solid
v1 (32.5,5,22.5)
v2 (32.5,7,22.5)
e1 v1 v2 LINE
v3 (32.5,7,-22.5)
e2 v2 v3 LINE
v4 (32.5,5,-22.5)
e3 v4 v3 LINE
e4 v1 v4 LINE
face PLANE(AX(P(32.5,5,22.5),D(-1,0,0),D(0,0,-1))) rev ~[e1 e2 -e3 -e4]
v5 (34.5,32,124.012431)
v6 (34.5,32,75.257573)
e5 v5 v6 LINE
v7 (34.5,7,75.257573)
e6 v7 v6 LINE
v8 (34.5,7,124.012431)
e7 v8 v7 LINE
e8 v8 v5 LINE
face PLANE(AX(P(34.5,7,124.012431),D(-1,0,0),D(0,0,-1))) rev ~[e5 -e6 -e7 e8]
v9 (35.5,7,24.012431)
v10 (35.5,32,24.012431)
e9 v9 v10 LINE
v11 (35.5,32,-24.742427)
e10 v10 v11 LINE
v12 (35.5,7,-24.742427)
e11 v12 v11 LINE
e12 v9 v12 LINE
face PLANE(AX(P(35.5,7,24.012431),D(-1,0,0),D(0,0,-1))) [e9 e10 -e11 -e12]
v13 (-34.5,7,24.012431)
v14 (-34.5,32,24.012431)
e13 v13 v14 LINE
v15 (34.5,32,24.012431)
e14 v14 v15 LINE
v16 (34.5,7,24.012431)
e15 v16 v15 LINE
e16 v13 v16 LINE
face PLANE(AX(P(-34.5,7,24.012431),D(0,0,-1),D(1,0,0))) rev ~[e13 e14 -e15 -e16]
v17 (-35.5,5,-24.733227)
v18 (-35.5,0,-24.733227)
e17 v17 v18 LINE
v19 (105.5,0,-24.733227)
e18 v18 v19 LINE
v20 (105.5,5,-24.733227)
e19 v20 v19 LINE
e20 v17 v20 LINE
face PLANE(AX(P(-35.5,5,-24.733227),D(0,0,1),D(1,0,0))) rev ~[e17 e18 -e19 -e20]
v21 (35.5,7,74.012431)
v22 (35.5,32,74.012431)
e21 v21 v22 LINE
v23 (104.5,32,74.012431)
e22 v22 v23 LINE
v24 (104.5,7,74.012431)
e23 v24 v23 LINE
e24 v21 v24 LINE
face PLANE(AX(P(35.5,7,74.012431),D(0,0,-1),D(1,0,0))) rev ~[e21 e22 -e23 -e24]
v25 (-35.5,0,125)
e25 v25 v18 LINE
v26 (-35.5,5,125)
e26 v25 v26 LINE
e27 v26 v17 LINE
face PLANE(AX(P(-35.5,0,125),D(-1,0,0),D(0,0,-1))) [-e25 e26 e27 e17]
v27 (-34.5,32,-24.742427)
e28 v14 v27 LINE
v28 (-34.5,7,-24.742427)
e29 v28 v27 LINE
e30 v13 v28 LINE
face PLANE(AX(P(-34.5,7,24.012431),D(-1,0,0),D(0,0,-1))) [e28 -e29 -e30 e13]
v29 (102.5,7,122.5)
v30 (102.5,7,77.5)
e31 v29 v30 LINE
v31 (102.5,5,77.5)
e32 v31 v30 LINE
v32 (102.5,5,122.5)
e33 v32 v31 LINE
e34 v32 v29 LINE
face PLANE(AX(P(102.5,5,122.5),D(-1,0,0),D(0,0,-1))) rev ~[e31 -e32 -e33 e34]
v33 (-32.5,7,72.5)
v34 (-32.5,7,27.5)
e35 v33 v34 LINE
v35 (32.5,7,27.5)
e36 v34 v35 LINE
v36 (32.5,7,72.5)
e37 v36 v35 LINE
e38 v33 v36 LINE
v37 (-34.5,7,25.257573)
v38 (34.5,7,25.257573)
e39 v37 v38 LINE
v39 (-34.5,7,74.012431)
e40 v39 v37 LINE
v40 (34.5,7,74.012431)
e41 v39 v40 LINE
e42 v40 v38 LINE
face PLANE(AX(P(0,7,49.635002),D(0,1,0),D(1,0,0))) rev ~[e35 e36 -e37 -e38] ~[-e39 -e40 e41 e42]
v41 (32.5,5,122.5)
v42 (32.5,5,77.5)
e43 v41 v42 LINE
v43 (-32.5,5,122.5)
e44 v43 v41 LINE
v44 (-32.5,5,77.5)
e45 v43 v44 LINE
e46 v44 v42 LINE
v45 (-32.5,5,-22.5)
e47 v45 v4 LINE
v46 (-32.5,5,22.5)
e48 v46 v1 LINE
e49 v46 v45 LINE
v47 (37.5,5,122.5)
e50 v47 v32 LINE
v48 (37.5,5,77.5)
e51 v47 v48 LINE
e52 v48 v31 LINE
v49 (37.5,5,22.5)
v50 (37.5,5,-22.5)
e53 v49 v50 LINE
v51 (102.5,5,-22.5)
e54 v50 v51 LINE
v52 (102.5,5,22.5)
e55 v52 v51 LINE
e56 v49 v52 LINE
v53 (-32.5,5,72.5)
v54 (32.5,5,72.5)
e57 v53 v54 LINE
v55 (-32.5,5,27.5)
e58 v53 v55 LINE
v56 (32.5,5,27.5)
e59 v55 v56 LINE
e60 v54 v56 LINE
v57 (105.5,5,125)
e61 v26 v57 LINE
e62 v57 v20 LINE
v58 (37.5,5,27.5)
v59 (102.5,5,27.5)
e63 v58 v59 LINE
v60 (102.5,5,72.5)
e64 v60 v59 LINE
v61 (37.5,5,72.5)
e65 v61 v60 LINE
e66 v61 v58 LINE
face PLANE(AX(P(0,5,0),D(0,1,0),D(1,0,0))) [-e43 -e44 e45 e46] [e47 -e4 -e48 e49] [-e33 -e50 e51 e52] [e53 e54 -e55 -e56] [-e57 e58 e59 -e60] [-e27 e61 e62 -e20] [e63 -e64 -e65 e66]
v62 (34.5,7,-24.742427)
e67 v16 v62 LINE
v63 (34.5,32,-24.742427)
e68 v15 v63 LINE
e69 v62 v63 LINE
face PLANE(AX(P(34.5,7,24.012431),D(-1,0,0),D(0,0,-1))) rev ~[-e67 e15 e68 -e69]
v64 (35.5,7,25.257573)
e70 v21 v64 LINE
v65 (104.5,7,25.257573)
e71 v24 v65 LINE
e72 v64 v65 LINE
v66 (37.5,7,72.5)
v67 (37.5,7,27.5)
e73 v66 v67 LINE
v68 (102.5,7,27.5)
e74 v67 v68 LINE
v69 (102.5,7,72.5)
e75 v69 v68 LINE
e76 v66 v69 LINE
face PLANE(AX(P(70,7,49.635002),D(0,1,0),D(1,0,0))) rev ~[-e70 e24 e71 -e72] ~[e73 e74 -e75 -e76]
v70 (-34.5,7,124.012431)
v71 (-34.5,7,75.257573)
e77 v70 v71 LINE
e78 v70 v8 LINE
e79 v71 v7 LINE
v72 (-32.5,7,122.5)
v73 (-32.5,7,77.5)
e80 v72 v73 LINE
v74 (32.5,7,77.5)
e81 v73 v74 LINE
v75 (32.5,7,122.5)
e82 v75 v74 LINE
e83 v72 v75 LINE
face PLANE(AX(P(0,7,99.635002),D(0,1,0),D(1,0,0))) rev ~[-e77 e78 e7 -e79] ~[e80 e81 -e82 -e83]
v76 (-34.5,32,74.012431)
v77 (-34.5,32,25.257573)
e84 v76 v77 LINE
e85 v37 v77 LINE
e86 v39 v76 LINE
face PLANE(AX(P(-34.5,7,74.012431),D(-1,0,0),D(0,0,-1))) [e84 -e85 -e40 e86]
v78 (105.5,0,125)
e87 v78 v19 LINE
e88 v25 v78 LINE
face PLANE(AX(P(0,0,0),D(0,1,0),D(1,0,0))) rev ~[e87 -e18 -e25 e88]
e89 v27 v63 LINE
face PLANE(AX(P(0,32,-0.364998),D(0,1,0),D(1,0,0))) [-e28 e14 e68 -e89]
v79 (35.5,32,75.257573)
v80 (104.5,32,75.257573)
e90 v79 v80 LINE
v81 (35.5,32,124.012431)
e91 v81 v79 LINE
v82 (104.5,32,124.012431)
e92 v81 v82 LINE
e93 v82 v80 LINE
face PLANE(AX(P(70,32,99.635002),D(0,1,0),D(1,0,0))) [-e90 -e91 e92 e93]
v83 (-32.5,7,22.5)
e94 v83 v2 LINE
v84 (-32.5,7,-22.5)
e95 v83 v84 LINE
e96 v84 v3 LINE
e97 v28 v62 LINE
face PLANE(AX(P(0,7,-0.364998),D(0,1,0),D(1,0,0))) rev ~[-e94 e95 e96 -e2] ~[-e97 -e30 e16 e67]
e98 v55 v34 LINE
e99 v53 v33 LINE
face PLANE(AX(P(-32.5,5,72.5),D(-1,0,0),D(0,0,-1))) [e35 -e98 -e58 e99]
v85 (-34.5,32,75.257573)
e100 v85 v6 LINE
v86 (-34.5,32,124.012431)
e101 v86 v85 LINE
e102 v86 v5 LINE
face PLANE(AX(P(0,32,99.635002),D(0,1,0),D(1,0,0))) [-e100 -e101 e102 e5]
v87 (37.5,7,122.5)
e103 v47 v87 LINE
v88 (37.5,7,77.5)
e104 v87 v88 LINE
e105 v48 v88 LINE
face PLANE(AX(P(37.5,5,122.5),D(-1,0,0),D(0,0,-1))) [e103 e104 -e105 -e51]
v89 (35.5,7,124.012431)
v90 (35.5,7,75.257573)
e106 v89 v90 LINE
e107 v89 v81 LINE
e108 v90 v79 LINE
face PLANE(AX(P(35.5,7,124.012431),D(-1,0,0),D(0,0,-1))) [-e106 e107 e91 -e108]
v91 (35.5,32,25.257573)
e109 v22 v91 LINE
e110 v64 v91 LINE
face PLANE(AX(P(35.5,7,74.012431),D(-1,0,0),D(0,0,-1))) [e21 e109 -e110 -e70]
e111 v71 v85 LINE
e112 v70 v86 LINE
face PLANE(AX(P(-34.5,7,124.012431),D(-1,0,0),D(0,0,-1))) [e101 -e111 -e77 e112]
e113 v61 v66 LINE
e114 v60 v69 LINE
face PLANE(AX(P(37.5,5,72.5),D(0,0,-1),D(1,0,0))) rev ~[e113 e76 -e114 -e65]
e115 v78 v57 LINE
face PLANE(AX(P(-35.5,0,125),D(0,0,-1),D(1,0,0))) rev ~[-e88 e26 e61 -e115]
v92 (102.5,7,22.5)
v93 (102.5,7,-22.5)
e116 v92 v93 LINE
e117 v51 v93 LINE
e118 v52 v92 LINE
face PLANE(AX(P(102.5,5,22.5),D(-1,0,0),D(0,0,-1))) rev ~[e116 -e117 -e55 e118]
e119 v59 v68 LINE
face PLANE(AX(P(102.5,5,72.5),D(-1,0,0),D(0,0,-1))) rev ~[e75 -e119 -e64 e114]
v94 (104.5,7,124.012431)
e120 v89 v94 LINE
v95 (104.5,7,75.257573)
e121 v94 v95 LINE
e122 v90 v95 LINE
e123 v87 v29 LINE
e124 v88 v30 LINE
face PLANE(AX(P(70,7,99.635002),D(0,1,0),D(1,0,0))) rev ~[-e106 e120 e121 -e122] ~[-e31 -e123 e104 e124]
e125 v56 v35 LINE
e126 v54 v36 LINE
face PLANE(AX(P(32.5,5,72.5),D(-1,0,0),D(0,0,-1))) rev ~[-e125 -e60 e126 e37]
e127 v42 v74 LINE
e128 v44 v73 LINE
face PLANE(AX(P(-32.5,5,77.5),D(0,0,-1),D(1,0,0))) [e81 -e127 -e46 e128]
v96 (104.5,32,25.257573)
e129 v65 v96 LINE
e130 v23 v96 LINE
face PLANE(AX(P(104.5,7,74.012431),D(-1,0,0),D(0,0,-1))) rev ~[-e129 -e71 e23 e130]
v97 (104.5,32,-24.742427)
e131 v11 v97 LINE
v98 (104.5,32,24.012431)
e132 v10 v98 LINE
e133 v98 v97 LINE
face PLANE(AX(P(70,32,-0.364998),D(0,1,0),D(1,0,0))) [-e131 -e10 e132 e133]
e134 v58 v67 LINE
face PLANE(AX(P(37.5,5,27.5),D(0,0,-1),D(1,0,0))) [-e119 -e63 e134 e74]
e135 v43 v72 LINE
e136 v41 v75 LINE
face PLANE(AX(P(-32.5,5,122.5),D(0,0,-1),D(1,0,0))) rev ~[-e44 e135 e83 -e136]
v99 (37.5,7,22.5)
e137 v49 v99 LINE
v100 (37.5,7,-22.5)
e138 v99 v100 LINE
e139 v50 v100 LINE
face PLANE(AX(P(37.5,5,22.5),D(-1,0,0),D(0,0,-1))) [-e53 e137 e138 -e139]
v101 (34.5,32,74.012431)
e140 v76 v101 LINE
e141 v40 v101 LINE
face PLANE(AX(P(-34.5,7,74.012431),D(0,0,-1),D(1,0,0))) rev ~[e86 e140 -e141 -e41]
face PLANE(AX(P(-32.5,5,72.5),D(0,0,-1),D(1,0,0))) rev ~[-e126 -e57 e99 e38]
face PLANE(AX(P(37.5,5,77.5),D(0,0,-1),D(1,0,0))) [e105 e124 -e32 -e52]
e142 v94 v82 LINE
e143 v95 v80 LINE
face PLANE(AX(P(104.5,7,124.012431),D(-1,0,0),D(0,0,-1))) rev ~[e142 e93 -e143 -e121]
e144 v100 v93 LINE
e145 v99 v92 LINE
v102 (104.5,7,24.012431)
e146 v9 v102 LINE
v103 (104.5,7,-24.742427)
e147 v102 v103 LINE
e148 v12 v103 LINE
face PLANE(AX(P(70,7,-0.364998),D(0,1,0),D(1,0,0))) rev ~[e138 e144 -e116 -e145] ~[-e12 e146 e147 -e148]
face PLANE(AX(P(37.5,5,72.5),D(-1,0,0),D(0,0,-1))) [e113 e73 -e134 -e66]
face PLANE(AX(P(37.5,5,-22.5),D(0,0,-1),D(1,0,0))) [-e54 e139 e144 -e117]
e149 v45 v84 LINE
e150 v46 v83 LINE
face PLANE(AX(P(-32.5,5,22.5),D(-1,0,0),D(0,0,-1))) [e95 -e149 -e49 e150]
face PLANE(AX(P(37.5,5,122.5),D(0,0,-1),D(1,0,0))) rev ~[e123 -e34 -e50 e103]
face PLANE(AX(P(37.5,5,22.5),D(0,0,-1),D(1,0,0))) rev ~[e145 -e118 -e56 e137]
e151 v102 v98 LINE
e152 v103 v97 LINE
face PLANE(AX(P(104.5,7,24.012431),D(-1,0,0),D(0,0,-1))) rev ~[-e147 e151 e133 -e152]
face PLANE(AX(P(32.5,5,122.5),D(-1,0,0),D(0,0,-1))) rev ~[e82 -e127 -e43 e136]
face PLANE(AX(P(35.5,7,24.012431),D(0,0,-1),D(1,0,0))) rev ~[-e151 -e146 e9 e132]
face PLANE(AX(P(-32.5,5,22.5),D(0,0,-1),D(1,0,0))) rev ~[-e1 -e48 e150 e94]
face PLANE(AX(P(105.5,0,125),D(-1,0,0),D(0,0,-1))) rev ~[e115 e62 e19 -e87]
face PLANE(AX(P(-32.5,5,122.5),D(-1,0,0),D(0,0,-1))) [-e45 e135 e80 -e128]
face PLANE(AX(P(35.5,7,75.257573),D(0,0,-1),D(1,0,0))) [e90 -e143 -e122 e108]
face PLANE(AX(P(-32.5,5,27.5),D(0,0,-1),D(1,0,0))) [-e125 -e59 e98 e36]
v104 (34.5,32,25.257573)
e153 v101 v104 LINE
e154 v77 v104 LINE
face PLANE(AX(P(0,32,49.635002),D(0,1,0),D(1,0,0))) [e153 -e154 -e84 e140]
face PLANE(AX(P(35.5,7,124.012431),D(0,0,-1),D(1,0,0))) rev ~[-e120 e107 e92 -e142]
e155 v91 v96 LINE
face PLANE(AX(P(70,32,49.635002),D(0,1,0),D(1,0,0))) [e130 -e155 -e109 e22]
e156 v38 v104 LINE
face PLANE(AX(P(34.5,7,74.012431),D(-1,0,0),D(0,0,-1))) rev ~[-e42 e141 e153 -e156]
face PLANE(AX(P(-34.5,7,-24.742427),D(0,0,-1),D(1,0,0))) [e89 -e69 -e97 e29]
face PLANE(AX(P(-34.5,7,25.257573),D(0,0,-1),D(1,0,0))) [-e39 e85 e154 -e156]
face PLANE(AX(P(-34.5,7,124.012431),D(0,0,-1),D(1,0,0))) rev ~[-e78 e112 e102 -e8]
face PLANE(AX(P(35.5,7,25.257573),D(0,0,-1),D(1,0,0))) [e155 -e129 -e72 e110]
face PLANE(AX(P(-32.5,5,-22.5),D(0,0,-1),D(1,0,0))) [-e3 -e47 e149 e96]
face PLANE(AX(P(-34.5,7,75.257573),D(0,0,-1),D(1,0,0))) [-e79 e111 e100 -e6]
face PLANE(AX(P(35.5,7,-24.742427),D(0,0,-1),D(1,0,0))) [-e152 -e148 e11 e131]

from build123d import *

# Parameters (mm, degrees)
SKETCH1_W                 = 71
SKETCH1_H                 = 250
BOSS_EXTRUDE1_DEPTH       = 5
SKETCH2_W                 = 65
SKETCH2_H                 = 45
BOSS_EXTRUDE3_DEPTH       = 2
LPATTERN1_COUNT           = 3
LPATTERN1_PITCH           = 50
SKETCH3_W                 = 69
SKETCH3_H                 = 48.754858224
BOSS_EXTRUDE8_DEPTH       = 25
LPATTERN5_COUNT           = 3
LPATTERN5_PITCH           = 50
LPATTERN6_COUNT           = 2
LPATTERN6_PITCH           = 70
LPATTERN6_COPY_1_SKETCH_W = 65
LPATTERN6_COPY_1_SKETCH_H = 45
LPATTERN6_COPY_1_DEPTH    = 2
LPATTERN6_COPY_2_SKETCH_W = 65
LPATTERN6_COPY_2_SKETCH_H = 45
LPATTERN6_COPY_2_DEPTH    = 2
LPATTERN6_COPY_3_SKETCH_W = 69
LPATTERN6_COPY_3_SKETCH_H = 48.754858224
LPATTERN6_COPY_3_DEPTH    = 25
LPATTERN6_COPY_4_SKETCH_W = 69
LPATTERN6_COPY_4_SKETCH_H = 48.754858224
LPATTERN6_COPY_4_DEPTH    = 25
SKETCH6_W                 = 141
SKETCH6_H                 = 100.266772644
CUT_EXTRUDE1_DEPTH        = 10


with BuildPart() as part:
    # Sketch1 → Boss-Extrude1 (new body)
    with BuildSketch(Plane(origin=(0, 0, 0), x_dir=(1, 0, 0), z_dir=(0, 1, 0))):
        Rectangle(SKETCH1_W, SKETCH1_H)
    boss_extrude1 = extrude(amount=BOSS_EXTRUDE1_DEPTH)

    # Sketch2 → Boss-Extrude3 (add)
    with BuildSketch(Plane(origin=(0, 5, 0), x_dir=(1, 0, 0), z_dir=(0, 1, 0))):
        with Locations((0, -100)):
            Rectangle(SKETCH2_W, SKETCH2_H)
    boss_extrude3 = extrude(amount=BOSS_EXTRUDE3_DEPTH)

    # LPattern1: Boss-Extrude3 ×3
    with Locations(*[(0, 0, -i * LPATTERN1_PITCH) for i in range(1, LPATTERN1_COUNT)]):
        add(boss_extrude3)

    # Sketch3 → Boss-Extrude8 (add)
    with BuildSketch(Plane(origin=(0, 7, 0), x_dir=(1, 0, 0), z_dir=(0, 1, 0))):
        with Locations((0, -99.635002086)):
            Rectangle(SKETCH3_W, SKETCH3_H)
    boss_extrude8 = extrude(amount=BOSS_EXTRUDE8_DEPTH)

    # LPattern5: Boss-Extrude8 ×3
    with Locations(*[(0, 0, -i * LPATTERN5_PITCH) for i in range(1, LPATTERN5_COUNT)]):
        add(boss_extrude8)

    # LPattern6: Boss-Extrude1, Boss-Extrude3, Boss-Extrude8 ×2
    with Locations(*[(i * LPATTERN6_PITCH, 0, 0) for i in range(1, LPATTERN6_COUNT)]):
        add(boss_extrude1)
        add(boss_extrude3)
        add(boss_extrude8)

    # LPattern6 copy 1 sketch → LPattern6 copy 1 (add)
    with BuildSketch(Plane(origin=(70, 5, -50), x_dir=(1, 0, 0), z_dir=(0, 1, 0))):
        with Locations((0, -100)):
            Rectangle(LPATTERN6_COPY_1_SKETCH_W, LPATTERN6_COPY_1_SKETCH_H)
    extrude(amount=LPATTERN6_COPY_1_DEPTH)

    # LPattern6 copy 2 sketch → LPattern6 copy 2 (add)
    with BuildSketch(Plane(origin=(70, 5, -100), x_dir=(1, 0, 0), z_dir=(0, 1, 0))):
        with Locations((0, -100)):
            Rectangle(LPATTERN6_COPY_2_SKETCH_W, LPATTERN6_COPY_2_SKETCH_H)
    extrude(amount=LPATTERN6_COPY_2_DEPTH)

    # LPattern6 copy 3 sketch → LPattern6 copy 3 (add)
    with BuildSketch(Plane(origin=(70, 7, -50), x_dir=(1, 0, 0), z_dir=(0, 1, 0))):
        with Locations((0, -99.635002086)):
            Rectangle(LPATTERN6_COPY_3_SKETCH_W, LPATTERN6_COPY_3_SKETCH_H)
    extrude(amount=LPATTERN6_COPY_3_DEPTH)

    # LPattern6 copy 4 sketch → LPattern6 copy 4 (add)
    with BuildSketch(Plane(origin=(70, 7, -100), x_dir=(1, 0, 0), z_dir=(0, 1, 0))):
        with Locations((0, -99.635002086)):
            Rectangle(LPATTERN6_COPY_4_SKETCH_W, LPATTERN6_COPY_4_SKETCH_H)
    extrude(amount=LPATTERN6_COPY_4_DEPTH)

    # Sketch6 → Cut-Extrude1 (cut)
    with BuildSketch(Plane(origin=(0, 5, 0), x_dir=(1, 0, 0), z_dir=(0, 1, 0))):
        with Locations((35, 74.866613678)):
            Rectangle(SKETCH6_W, SKETCH6_H)
    extrude(amount=-CUT_EXTRUDE1_DEPTH, mode=Mode.SUBTRACT)


solid = part.part
